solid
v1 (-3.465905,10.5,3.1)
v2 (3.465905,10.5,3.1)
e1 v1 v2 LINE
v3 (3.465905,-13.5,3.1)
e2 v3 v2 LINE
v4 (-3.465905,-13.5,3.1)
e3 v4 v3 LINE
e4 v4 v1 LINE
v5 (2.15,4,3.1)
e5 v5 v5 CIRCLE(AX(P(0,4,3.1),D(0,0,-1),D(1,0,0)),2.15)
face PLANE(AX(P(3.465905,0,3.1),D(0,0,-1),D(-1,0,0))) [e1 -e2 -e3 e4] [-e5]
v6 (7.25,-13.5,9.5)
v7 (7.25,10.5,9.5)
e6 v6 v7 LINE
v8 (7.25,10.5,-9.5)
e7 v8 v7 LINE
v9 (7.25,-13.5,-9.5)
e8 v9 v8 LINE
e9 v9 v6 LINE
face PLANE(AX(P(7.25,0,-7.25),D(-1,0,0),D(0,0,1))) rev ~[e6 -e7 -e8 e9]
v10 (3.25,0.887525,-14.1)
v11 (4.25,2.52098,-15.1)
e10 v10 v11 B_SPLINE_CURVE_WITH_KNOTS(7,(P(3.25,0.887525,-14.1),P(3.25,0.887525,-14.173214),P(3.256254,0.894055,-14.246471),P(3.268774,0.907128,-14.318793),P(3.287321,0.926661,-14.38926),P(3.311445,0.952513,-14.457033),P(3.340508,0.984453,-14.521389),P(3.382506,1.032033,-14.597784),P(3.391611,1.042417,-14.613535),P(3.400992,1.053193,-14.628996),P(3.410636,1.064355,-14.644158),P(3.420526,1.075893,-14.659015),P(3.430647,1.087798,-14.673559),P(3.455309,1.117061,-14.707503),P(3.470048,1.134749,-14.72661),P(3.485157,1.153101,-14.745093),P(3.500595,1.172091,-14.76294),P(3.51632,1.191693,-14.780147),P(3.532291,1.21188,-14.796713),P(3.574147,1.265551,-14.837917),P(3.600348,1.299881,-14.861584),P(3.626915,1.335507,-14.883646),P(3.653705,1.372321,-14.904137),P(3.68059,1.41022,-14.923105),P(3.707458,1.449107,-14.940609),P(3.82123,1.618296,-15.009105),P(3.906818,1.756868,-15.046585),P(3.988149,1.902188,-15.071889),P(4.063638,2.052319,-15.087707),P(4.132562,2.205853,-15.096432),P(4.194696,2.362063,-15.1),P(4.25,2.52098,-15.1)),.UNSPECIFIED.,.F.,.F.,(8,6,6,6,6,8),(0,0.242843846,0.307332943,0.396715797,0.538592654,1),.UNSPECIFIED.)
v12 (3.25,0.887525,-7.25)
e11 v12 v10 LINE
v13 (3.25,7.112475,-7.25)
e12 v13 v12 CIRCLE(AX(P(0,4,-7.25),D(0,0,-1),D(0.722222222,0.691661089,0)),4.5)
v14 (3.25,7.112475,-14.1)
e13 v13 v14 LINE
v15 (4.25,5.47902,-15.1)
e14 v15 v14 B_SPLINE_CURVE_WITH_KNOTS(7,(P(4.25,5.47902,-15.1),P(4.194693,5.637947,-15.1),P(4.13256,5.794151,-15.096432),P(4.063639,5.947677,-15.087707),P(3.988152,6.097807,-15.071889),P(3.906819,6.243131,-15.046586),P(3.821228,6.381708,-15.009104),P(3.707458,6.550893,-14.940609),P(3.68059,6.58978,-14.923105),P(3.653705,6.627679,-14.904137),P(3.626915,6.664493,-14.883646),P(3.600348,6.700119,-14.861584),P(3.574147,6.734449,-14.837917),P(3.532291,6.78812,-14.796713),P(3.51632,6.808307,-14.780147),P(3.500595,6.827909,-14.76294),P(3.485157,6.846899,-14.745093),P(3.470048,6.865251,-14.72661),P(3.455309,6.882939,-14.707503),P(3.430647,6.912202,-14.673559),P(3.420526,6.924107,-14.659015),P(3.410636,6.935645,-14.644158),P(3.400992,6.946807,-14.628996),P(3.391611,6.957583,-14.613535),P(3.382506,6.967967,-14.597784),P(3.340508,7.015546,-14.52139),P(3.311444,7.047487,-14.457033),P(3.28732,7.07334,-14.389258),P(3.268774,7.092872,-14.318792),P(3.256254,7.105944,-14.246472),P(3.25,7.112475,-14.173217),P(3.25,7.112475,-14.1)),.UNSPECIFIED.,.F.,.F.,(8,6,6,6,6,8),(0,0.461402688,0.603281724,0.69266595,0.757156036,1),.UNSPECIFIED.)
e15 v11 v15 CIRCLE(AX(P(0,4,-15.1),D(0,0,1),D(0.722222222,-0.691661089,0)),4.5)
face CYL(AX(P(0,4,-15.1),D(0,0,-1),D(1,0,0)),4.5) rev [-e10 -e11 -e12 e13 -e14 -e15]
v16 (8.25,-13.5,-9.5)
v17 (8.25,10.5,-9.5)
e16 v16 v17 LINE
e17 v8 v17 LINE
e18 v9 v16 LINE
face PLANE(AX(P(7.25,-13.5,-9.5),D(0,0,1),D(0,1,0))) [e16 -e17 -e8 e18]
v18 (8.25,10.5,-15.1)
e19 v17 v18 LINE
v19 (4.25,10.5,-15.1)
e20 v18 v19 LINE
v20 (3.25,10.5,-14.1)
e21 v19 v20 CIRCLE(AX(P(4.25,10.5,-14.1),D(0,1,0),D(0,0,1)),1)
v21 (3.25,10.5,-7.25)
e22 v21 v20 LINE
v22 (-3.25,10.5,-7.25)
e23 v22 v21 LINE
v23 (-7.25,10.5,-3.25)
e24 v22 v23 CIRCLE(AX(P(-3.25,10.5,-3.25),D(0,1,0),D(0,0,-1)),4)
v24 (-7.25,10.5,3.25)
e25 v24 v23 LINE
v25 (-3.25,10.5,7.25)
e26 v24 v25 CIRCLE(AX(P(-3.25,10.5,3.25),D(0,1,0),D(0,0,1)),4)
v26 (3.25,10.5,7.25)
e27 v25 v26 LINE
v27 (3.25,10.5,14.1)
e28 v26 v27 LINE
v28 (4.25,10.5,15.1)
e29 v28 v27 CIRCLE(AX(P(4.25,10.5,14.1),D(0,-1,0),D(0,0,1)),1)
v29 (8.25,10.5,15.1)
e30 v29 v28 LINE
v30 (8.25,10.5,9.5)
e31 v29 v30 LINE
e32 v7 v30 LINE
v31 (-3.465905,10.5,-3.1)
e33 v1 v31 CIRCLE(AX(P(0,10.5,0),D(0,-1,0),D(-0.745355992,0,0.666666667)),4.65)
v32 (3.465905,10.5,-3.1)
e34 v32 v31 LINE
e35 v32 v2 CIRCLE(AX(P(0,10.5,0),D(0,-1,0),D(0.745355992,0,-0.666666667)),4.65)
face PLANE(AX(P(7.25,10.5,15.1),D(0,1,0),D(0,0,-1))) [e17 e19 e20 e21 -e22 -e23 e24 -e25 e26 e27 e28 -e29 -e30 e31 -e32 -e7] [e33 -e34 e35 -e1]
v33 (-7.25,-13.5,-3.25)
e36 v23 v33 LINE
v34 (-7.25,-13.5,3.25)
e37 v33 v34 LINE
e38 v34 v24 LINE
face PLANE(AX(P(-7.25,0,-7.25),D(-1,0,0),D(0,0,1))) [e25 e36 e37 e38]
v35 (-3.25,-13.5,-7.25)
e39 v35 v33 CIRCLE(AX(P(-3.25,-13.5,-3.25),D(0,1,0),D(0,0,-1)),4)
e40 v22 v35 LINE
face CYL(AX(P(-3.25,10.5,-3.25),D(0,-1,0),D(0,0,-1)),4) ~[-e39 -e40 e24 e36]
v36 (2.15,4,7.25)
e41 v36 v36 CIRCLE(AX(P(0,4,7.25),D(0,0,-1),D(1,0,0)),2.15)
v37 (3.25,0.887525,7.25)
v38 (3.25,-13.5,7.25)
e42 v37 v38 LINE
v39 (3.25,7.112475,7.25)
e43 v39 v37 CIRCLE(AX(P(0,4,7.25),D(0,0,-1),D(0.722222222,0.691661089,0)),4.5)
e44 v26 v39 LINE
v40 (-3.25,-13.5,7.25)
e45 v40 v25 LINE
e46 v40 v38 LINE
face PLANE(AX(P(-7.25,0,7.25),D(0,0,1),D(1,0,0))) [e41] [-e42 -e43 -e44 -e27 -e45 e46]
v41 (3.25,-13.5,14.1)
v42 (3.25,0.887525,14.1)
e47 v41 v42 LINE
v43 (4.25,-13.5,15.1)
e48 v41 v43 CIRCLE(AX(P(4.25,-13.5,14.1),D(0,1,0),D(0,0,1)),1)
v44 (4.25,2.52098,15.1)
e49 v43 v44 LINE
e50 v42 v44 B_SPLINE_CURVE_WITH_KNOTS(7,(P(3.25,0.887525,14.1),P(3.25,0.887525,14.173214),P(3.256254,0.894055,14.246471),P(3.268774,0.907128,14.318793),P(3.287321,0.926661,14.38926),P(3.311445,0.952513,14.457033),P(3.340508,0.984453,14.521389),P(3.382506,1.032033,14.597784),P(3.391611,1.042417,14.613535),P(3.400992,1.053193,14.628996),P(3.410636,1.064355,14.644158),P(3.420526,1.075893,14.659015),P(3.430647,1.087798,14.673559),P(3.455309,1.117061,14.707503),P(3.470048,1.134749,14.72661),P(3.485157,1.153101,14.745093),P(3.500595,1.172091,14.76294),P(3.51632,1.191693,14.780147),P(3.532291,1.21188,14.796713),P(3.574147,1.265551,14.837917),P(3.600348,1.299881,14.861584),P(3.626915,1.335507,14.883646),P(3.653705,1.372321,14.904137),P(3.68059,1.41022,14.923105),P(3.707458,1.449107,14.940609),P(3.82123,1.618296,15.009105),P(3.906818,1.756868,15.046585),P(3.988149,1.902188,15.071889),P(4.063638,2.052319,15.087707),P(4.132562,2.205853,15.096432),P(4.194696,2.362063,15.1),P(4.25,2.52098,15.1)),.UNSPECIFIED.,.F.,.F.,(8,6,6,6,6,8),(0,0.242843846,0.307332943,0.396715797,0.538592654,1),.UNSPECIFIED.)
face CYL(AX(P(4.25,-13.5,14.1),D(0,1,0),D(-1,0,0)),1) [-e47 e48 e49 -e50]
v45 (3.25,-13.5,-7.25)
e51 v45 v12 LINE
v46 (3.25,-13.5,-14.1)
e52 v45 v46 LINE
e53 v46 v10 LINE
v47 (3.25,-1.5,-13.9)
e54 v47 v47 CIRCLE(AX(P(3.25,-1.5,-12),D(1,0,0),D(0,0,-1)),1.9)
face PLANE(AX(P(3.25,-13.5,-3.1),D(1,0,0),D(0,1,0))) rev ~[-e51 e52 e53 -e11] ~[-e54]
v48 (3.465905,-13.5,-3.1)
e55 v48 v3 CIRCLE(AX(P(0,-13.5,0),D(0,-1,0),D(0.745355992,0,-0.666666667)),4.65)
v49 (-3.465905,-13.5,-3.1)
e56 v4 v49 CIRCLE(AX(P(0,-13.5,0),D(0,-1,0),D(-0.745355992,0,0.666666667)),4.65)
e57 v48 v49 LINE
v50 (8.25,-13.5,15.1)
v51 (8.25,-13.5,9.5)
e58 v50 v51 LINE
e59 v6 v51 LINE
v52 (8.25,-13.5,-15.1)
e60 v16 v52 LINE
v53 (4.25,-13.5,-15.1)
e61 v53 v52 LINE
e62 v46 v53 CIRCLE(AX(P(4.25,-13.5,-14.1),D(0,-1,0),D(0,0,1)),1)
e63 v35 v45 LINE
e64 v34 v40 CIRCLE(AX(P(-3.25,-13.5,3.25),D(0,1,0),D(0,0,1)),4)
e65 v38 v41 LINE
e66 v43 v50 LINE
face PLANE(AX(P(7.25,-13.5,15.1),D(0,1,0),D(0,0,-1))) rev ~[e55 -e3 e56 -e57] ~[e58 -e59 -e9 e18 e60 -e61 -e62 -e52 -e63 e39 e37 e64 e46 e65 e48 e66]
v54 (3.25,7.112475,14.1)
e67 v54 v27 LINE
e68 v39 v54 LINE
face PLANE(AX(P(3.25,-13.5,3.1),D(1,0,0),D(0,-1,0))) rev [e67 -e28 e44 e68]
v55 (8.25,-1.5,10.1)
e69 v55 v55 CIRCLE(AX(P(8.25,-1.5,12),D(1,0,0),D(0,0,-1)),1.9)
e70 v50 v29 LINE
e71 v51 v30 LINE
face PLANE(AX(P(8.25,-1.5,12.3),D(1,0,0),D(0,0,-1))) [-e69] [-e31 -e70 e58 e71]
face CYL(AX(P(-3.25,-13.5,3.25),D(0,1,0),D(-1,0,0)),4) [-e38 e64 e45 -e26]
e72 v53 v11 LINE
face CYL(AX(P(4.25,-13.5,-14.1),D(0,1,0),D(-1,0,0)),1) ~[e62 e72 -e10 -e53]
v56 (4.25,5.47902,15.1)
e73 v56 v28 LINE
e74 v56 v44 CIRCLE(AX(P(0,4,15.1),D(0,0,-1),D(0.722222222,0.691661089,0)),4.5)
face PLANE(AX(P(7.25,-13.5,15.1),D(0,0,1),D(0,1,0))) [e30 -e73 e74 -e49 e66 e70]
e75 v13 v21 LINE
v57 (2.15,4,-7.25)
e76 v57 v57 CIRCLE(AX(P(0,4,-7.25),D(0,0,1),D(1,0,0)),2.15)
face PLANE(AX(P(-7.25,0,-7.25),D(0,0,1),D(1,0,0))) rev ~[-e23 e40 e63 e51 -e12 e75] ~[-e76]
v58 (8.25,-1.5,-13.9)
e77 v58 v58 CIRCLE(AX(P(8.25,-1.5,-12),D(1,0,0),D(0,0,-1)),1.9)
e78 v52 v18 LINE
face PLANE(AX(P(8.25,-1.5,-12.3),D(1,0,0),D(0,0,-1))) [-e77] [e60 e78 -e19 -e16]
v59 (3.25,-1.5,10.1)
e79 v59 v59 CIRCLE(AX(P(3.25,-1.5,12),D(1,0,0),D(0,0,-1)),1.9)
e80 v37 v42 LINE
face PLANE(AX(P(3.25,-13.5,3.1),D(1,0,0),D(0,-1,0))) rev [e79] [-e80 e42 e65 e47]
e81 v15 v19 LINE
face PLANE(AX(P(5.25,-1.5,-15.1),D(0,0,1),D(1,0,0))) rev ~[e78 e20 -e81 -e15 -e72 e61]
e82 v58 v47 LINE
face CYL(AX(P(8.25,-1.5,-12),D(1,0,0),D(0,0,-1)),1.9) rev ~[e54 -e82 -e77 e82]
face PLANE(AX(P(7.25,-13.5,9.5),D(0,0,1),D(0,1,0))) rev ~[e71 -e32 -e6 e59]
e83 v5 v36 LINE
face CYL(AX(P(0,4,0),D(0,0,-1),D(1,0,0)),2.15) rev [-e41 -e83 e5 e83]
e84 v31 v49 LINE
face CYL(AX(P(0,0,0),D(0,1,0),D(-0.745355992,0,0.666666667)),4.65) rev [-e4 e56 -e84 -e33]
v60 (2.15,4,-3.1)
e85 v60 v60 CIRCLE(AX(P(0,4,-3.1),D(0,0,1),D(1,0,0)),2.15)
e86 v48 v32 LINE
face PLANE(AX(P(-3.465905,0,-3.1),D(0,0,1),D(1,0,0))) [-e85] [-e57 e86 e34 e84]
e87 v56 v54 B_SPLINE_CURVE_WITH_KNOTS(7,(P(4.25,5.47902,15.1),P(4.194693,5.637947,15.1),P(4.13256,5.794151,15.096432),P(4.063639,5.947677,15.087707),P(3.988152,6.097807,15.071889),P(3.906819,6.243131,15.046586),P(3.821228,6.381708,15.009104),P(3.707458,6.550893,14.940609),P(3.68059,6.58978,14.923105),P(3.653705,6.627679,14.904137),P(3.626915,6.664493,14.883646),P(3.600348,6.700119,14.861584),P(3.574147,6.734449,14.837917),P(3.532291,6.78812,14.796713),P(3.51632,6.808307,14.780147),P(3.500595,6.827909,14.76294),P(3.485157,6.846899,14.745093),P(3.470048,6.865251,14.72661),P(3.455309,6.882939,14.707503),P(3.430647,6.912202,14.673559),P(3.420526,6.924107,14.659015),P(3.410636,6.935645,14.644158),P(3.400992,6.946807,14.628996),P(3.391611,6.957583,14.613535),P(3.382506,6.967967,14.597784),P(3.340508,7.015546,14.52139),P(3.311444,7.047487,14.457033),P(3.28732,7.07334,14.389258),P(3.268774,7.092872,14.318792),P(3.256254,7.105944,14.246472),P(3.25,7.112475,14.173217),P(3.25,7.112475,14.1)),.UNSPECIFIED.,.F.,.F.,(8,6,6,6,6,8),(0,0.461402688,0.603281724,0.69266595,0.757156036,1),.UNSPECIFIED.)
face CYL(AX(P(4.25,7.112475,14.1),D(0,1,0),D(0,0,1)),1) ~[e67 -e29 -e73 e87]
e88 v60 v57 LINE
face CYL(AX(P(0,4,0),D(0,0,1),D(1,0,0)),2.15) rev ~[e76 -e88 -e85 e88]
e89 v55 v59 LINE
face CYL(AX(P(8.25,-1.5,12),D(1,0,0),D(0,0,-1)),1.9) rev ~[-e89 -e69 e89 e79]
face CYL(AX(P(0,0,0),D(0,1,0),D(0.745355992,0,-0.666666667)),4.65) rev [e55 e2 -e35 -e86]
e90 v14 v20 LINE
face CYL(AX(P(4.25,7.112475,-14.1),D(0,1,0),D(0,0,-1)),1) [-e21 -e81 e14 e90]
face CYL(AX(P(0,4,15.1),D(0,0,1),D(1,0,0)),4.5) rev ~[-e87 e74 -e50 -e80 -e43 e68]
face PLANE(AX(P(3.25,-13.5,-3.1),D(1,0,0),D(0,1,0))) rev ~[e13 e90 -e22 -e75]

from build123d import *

# Parameters (mm, degrees)
SKETCH_1_W               = 14.5
SKETCH_1_H               = 14.5
EXTRUDE_1_DEPTH          = 10.5
SKETCH_4_R               = 2.15
CUT_EXTRUDE_2_DEPTH      = 8.25
CUT_EXTRUDE_2_DEPTH_BACK = 8.25
SKETCH_6_W               = 14.5
SKETCH_6_H               = 14.5
EXTRUDE_2_DEPTH          = 13.5
SKETCH_9_W               = 4
SKETCH_9_H               = 24
EXTRUDE_3_DEPTH          = 12
SKETCH_10_W              = 5.6
SKETCH_10_H              = 24
EXTRUDE_4_DEPTH          = 1
SKETCH_11_R              = 4.5
CUT_EXTRUDE_3_DEPTH      = 7.85
SKETCH_12_R              = 1.9
CUT_EXTRUDE_4_DEPTH      = 1
CUT_EXTRUDE_4_DEPTH_BACK = 16.5
FILLET_1_R               = 4
FILLET_3_R               = 1


with BuildPart() as part:
    # 草图1 → 凸台-拉伸1 (new body)
    with BuildSketch(Plane(origin=(0, 0, 0), x_dir=(1, 0, 0), z_dir=(0, 1, 0))):
        Rectangle(SKETCH_1_W, SKETCH_1_H)
        with BuildLine():
            Line((3.465905365, -3.1), (-3.465905365, -3.1))
            ThreePointArc((-3.465905365, -3.1), (-4.65, 0), (-3.465905365, 3.1))
            Line((-3.465905365, 3.1), (3.465905365, 3.1))
            ThreePointArc((3.465905365, 3.1), (4.65, 0), (3.465905365, -3.1))
        make_face(mode=Mode.SUBTRACT)
    extrude(amount=EXTRUDE_1_DEPTH)

    # 草图4 → 切除-拉伸2 (cut, two sides)
    with BuildSketch(Plane.XY) as cut_extrude_2_sk:
        with Locations((0, 4)):
            Circle(SKETCH_4_R)
    extrude(amount=CUT_EXTRUDE_2_DEPTH, mode=Mode.SUBTRACT)
    extrude(cut_extrude_2_sk.sketch, amount=-CUT_EXTRUDE_2_DEPTH_BACK, mode=Mode.SUBTRACT)

    # 草图6 → 凸台-拉伸2 (add)
    with BuildSketch(Plane.XZ):
        Rectangle(SKETCH_6_W, SKETCH_6_H)
        with BuildLine():
            Line((-3.465905365, -3.1), (3.465905365, -3.1))
            ThreePointArc((3.465905365, -3.1), (4.65, 0), (3.465905365, 3.1))
            Line((3.465905365, 3.1), (-3.465905365, 3.1))
            ThreePointArc((-3.465905365, 3.1), (-4.65, 0), (-3.465905365, -3.1))
        make_face(mode=Mode.SUBTRACT)
    extrude(amount=EXTRUDE_2_DEPTH)

    # 草图9 → 凸台-拉伸3 (add)
    with BuildSketch(Plane.XY.offset(-3.1)):
        with Locations((5.25, -1.5)):
            Rectangle(SKETCH_9_W, SKETCH_9_H)
    extrude_3 = extrude(amount=-EXTRUDE_3_DEPTH)

    # 镜向1: 凸台-拉伸3 across plane
    add(extrude_3.mirror(Plane.XY))

    # 草图10 → 凸台-拉伸4 (add)
    with BuildSketch(Plane(origin=(7.25, 0, 0), x_dir=(0, 0, -1), z_dir=(1, 0, 0))):
        with Locations((-12.3, -1.5)):
            Rectangle(SKETCH_10_W, SKETCH_10_H)
        with Locations((12.3, -1.5)):
            Rectangle(SKETCH_10_W, SKETCH_10_H)
    extrude(amount=EXTRUDE_4_DEPTH)

    # 草图11 → 切除-拉伸3 (cut)
    with BuildSketch(Plane.XY.offset(15.1)):
        with Locations((0, 4)):
            Circle(SKETCH_11_R)
    cut_extrude_3 = extrude(amount=-CUT_EXTRUDE_3_DEPTH, mode=Mode.SUBTRACT)

    # 镜向2: 切除-拉伸3 across plane
    add(cut_extrude_3.mirror(Plane.XY), mode=Mode.SUBTRACT)

    # 草图12 → 切除-拉伸4 (cut, two sides)
    with BuildSketch(Plane(origin=(8.25, 0, 0), x_dir=(0, 0, -1), z_dir=(1, 0, 0))) as cut_extrude_4_sk:
        with Locations((12, -1.5)):
            Circle(SKETCH_12_R)
        with Locations((-12, -1.5)):
            Circle(SKETCH_12_R)
    extrude(amount=CUT_EXTRUDE_4_DEPTH, mode=Mode.SUBTRACT)
    extrude(cut_extrude_4_sk.sketch, amount=-CUT_EXTRUDE_4_DEPTH_BACK, mode=Mode.SUBTRACT)

    # 圆角1
    fillet_1_edges = [part.edges().sort_by_distance(p)[0] for p in [
        (-7.25, -1.5, 7.25),
        (-7.25, -1.5, -7.25),
    ]]
    fillet(fillet_1_edges, radius=FILLET_1_R)

    # 圆角3
    fillet_3_edges = [part.edges().sort_by_distance(p)[0] for p in [
        (3.25, -6.30623745, 15.1),
        (3.25, -6.30623745, -15.1),
        (3.25, 8.80623745, -15.1),
        (3.25, 8.80623745, 15.1),
    ]]
    fillet(fillet_3_edges, radius=FILLET_3_R)


solid = part.part
